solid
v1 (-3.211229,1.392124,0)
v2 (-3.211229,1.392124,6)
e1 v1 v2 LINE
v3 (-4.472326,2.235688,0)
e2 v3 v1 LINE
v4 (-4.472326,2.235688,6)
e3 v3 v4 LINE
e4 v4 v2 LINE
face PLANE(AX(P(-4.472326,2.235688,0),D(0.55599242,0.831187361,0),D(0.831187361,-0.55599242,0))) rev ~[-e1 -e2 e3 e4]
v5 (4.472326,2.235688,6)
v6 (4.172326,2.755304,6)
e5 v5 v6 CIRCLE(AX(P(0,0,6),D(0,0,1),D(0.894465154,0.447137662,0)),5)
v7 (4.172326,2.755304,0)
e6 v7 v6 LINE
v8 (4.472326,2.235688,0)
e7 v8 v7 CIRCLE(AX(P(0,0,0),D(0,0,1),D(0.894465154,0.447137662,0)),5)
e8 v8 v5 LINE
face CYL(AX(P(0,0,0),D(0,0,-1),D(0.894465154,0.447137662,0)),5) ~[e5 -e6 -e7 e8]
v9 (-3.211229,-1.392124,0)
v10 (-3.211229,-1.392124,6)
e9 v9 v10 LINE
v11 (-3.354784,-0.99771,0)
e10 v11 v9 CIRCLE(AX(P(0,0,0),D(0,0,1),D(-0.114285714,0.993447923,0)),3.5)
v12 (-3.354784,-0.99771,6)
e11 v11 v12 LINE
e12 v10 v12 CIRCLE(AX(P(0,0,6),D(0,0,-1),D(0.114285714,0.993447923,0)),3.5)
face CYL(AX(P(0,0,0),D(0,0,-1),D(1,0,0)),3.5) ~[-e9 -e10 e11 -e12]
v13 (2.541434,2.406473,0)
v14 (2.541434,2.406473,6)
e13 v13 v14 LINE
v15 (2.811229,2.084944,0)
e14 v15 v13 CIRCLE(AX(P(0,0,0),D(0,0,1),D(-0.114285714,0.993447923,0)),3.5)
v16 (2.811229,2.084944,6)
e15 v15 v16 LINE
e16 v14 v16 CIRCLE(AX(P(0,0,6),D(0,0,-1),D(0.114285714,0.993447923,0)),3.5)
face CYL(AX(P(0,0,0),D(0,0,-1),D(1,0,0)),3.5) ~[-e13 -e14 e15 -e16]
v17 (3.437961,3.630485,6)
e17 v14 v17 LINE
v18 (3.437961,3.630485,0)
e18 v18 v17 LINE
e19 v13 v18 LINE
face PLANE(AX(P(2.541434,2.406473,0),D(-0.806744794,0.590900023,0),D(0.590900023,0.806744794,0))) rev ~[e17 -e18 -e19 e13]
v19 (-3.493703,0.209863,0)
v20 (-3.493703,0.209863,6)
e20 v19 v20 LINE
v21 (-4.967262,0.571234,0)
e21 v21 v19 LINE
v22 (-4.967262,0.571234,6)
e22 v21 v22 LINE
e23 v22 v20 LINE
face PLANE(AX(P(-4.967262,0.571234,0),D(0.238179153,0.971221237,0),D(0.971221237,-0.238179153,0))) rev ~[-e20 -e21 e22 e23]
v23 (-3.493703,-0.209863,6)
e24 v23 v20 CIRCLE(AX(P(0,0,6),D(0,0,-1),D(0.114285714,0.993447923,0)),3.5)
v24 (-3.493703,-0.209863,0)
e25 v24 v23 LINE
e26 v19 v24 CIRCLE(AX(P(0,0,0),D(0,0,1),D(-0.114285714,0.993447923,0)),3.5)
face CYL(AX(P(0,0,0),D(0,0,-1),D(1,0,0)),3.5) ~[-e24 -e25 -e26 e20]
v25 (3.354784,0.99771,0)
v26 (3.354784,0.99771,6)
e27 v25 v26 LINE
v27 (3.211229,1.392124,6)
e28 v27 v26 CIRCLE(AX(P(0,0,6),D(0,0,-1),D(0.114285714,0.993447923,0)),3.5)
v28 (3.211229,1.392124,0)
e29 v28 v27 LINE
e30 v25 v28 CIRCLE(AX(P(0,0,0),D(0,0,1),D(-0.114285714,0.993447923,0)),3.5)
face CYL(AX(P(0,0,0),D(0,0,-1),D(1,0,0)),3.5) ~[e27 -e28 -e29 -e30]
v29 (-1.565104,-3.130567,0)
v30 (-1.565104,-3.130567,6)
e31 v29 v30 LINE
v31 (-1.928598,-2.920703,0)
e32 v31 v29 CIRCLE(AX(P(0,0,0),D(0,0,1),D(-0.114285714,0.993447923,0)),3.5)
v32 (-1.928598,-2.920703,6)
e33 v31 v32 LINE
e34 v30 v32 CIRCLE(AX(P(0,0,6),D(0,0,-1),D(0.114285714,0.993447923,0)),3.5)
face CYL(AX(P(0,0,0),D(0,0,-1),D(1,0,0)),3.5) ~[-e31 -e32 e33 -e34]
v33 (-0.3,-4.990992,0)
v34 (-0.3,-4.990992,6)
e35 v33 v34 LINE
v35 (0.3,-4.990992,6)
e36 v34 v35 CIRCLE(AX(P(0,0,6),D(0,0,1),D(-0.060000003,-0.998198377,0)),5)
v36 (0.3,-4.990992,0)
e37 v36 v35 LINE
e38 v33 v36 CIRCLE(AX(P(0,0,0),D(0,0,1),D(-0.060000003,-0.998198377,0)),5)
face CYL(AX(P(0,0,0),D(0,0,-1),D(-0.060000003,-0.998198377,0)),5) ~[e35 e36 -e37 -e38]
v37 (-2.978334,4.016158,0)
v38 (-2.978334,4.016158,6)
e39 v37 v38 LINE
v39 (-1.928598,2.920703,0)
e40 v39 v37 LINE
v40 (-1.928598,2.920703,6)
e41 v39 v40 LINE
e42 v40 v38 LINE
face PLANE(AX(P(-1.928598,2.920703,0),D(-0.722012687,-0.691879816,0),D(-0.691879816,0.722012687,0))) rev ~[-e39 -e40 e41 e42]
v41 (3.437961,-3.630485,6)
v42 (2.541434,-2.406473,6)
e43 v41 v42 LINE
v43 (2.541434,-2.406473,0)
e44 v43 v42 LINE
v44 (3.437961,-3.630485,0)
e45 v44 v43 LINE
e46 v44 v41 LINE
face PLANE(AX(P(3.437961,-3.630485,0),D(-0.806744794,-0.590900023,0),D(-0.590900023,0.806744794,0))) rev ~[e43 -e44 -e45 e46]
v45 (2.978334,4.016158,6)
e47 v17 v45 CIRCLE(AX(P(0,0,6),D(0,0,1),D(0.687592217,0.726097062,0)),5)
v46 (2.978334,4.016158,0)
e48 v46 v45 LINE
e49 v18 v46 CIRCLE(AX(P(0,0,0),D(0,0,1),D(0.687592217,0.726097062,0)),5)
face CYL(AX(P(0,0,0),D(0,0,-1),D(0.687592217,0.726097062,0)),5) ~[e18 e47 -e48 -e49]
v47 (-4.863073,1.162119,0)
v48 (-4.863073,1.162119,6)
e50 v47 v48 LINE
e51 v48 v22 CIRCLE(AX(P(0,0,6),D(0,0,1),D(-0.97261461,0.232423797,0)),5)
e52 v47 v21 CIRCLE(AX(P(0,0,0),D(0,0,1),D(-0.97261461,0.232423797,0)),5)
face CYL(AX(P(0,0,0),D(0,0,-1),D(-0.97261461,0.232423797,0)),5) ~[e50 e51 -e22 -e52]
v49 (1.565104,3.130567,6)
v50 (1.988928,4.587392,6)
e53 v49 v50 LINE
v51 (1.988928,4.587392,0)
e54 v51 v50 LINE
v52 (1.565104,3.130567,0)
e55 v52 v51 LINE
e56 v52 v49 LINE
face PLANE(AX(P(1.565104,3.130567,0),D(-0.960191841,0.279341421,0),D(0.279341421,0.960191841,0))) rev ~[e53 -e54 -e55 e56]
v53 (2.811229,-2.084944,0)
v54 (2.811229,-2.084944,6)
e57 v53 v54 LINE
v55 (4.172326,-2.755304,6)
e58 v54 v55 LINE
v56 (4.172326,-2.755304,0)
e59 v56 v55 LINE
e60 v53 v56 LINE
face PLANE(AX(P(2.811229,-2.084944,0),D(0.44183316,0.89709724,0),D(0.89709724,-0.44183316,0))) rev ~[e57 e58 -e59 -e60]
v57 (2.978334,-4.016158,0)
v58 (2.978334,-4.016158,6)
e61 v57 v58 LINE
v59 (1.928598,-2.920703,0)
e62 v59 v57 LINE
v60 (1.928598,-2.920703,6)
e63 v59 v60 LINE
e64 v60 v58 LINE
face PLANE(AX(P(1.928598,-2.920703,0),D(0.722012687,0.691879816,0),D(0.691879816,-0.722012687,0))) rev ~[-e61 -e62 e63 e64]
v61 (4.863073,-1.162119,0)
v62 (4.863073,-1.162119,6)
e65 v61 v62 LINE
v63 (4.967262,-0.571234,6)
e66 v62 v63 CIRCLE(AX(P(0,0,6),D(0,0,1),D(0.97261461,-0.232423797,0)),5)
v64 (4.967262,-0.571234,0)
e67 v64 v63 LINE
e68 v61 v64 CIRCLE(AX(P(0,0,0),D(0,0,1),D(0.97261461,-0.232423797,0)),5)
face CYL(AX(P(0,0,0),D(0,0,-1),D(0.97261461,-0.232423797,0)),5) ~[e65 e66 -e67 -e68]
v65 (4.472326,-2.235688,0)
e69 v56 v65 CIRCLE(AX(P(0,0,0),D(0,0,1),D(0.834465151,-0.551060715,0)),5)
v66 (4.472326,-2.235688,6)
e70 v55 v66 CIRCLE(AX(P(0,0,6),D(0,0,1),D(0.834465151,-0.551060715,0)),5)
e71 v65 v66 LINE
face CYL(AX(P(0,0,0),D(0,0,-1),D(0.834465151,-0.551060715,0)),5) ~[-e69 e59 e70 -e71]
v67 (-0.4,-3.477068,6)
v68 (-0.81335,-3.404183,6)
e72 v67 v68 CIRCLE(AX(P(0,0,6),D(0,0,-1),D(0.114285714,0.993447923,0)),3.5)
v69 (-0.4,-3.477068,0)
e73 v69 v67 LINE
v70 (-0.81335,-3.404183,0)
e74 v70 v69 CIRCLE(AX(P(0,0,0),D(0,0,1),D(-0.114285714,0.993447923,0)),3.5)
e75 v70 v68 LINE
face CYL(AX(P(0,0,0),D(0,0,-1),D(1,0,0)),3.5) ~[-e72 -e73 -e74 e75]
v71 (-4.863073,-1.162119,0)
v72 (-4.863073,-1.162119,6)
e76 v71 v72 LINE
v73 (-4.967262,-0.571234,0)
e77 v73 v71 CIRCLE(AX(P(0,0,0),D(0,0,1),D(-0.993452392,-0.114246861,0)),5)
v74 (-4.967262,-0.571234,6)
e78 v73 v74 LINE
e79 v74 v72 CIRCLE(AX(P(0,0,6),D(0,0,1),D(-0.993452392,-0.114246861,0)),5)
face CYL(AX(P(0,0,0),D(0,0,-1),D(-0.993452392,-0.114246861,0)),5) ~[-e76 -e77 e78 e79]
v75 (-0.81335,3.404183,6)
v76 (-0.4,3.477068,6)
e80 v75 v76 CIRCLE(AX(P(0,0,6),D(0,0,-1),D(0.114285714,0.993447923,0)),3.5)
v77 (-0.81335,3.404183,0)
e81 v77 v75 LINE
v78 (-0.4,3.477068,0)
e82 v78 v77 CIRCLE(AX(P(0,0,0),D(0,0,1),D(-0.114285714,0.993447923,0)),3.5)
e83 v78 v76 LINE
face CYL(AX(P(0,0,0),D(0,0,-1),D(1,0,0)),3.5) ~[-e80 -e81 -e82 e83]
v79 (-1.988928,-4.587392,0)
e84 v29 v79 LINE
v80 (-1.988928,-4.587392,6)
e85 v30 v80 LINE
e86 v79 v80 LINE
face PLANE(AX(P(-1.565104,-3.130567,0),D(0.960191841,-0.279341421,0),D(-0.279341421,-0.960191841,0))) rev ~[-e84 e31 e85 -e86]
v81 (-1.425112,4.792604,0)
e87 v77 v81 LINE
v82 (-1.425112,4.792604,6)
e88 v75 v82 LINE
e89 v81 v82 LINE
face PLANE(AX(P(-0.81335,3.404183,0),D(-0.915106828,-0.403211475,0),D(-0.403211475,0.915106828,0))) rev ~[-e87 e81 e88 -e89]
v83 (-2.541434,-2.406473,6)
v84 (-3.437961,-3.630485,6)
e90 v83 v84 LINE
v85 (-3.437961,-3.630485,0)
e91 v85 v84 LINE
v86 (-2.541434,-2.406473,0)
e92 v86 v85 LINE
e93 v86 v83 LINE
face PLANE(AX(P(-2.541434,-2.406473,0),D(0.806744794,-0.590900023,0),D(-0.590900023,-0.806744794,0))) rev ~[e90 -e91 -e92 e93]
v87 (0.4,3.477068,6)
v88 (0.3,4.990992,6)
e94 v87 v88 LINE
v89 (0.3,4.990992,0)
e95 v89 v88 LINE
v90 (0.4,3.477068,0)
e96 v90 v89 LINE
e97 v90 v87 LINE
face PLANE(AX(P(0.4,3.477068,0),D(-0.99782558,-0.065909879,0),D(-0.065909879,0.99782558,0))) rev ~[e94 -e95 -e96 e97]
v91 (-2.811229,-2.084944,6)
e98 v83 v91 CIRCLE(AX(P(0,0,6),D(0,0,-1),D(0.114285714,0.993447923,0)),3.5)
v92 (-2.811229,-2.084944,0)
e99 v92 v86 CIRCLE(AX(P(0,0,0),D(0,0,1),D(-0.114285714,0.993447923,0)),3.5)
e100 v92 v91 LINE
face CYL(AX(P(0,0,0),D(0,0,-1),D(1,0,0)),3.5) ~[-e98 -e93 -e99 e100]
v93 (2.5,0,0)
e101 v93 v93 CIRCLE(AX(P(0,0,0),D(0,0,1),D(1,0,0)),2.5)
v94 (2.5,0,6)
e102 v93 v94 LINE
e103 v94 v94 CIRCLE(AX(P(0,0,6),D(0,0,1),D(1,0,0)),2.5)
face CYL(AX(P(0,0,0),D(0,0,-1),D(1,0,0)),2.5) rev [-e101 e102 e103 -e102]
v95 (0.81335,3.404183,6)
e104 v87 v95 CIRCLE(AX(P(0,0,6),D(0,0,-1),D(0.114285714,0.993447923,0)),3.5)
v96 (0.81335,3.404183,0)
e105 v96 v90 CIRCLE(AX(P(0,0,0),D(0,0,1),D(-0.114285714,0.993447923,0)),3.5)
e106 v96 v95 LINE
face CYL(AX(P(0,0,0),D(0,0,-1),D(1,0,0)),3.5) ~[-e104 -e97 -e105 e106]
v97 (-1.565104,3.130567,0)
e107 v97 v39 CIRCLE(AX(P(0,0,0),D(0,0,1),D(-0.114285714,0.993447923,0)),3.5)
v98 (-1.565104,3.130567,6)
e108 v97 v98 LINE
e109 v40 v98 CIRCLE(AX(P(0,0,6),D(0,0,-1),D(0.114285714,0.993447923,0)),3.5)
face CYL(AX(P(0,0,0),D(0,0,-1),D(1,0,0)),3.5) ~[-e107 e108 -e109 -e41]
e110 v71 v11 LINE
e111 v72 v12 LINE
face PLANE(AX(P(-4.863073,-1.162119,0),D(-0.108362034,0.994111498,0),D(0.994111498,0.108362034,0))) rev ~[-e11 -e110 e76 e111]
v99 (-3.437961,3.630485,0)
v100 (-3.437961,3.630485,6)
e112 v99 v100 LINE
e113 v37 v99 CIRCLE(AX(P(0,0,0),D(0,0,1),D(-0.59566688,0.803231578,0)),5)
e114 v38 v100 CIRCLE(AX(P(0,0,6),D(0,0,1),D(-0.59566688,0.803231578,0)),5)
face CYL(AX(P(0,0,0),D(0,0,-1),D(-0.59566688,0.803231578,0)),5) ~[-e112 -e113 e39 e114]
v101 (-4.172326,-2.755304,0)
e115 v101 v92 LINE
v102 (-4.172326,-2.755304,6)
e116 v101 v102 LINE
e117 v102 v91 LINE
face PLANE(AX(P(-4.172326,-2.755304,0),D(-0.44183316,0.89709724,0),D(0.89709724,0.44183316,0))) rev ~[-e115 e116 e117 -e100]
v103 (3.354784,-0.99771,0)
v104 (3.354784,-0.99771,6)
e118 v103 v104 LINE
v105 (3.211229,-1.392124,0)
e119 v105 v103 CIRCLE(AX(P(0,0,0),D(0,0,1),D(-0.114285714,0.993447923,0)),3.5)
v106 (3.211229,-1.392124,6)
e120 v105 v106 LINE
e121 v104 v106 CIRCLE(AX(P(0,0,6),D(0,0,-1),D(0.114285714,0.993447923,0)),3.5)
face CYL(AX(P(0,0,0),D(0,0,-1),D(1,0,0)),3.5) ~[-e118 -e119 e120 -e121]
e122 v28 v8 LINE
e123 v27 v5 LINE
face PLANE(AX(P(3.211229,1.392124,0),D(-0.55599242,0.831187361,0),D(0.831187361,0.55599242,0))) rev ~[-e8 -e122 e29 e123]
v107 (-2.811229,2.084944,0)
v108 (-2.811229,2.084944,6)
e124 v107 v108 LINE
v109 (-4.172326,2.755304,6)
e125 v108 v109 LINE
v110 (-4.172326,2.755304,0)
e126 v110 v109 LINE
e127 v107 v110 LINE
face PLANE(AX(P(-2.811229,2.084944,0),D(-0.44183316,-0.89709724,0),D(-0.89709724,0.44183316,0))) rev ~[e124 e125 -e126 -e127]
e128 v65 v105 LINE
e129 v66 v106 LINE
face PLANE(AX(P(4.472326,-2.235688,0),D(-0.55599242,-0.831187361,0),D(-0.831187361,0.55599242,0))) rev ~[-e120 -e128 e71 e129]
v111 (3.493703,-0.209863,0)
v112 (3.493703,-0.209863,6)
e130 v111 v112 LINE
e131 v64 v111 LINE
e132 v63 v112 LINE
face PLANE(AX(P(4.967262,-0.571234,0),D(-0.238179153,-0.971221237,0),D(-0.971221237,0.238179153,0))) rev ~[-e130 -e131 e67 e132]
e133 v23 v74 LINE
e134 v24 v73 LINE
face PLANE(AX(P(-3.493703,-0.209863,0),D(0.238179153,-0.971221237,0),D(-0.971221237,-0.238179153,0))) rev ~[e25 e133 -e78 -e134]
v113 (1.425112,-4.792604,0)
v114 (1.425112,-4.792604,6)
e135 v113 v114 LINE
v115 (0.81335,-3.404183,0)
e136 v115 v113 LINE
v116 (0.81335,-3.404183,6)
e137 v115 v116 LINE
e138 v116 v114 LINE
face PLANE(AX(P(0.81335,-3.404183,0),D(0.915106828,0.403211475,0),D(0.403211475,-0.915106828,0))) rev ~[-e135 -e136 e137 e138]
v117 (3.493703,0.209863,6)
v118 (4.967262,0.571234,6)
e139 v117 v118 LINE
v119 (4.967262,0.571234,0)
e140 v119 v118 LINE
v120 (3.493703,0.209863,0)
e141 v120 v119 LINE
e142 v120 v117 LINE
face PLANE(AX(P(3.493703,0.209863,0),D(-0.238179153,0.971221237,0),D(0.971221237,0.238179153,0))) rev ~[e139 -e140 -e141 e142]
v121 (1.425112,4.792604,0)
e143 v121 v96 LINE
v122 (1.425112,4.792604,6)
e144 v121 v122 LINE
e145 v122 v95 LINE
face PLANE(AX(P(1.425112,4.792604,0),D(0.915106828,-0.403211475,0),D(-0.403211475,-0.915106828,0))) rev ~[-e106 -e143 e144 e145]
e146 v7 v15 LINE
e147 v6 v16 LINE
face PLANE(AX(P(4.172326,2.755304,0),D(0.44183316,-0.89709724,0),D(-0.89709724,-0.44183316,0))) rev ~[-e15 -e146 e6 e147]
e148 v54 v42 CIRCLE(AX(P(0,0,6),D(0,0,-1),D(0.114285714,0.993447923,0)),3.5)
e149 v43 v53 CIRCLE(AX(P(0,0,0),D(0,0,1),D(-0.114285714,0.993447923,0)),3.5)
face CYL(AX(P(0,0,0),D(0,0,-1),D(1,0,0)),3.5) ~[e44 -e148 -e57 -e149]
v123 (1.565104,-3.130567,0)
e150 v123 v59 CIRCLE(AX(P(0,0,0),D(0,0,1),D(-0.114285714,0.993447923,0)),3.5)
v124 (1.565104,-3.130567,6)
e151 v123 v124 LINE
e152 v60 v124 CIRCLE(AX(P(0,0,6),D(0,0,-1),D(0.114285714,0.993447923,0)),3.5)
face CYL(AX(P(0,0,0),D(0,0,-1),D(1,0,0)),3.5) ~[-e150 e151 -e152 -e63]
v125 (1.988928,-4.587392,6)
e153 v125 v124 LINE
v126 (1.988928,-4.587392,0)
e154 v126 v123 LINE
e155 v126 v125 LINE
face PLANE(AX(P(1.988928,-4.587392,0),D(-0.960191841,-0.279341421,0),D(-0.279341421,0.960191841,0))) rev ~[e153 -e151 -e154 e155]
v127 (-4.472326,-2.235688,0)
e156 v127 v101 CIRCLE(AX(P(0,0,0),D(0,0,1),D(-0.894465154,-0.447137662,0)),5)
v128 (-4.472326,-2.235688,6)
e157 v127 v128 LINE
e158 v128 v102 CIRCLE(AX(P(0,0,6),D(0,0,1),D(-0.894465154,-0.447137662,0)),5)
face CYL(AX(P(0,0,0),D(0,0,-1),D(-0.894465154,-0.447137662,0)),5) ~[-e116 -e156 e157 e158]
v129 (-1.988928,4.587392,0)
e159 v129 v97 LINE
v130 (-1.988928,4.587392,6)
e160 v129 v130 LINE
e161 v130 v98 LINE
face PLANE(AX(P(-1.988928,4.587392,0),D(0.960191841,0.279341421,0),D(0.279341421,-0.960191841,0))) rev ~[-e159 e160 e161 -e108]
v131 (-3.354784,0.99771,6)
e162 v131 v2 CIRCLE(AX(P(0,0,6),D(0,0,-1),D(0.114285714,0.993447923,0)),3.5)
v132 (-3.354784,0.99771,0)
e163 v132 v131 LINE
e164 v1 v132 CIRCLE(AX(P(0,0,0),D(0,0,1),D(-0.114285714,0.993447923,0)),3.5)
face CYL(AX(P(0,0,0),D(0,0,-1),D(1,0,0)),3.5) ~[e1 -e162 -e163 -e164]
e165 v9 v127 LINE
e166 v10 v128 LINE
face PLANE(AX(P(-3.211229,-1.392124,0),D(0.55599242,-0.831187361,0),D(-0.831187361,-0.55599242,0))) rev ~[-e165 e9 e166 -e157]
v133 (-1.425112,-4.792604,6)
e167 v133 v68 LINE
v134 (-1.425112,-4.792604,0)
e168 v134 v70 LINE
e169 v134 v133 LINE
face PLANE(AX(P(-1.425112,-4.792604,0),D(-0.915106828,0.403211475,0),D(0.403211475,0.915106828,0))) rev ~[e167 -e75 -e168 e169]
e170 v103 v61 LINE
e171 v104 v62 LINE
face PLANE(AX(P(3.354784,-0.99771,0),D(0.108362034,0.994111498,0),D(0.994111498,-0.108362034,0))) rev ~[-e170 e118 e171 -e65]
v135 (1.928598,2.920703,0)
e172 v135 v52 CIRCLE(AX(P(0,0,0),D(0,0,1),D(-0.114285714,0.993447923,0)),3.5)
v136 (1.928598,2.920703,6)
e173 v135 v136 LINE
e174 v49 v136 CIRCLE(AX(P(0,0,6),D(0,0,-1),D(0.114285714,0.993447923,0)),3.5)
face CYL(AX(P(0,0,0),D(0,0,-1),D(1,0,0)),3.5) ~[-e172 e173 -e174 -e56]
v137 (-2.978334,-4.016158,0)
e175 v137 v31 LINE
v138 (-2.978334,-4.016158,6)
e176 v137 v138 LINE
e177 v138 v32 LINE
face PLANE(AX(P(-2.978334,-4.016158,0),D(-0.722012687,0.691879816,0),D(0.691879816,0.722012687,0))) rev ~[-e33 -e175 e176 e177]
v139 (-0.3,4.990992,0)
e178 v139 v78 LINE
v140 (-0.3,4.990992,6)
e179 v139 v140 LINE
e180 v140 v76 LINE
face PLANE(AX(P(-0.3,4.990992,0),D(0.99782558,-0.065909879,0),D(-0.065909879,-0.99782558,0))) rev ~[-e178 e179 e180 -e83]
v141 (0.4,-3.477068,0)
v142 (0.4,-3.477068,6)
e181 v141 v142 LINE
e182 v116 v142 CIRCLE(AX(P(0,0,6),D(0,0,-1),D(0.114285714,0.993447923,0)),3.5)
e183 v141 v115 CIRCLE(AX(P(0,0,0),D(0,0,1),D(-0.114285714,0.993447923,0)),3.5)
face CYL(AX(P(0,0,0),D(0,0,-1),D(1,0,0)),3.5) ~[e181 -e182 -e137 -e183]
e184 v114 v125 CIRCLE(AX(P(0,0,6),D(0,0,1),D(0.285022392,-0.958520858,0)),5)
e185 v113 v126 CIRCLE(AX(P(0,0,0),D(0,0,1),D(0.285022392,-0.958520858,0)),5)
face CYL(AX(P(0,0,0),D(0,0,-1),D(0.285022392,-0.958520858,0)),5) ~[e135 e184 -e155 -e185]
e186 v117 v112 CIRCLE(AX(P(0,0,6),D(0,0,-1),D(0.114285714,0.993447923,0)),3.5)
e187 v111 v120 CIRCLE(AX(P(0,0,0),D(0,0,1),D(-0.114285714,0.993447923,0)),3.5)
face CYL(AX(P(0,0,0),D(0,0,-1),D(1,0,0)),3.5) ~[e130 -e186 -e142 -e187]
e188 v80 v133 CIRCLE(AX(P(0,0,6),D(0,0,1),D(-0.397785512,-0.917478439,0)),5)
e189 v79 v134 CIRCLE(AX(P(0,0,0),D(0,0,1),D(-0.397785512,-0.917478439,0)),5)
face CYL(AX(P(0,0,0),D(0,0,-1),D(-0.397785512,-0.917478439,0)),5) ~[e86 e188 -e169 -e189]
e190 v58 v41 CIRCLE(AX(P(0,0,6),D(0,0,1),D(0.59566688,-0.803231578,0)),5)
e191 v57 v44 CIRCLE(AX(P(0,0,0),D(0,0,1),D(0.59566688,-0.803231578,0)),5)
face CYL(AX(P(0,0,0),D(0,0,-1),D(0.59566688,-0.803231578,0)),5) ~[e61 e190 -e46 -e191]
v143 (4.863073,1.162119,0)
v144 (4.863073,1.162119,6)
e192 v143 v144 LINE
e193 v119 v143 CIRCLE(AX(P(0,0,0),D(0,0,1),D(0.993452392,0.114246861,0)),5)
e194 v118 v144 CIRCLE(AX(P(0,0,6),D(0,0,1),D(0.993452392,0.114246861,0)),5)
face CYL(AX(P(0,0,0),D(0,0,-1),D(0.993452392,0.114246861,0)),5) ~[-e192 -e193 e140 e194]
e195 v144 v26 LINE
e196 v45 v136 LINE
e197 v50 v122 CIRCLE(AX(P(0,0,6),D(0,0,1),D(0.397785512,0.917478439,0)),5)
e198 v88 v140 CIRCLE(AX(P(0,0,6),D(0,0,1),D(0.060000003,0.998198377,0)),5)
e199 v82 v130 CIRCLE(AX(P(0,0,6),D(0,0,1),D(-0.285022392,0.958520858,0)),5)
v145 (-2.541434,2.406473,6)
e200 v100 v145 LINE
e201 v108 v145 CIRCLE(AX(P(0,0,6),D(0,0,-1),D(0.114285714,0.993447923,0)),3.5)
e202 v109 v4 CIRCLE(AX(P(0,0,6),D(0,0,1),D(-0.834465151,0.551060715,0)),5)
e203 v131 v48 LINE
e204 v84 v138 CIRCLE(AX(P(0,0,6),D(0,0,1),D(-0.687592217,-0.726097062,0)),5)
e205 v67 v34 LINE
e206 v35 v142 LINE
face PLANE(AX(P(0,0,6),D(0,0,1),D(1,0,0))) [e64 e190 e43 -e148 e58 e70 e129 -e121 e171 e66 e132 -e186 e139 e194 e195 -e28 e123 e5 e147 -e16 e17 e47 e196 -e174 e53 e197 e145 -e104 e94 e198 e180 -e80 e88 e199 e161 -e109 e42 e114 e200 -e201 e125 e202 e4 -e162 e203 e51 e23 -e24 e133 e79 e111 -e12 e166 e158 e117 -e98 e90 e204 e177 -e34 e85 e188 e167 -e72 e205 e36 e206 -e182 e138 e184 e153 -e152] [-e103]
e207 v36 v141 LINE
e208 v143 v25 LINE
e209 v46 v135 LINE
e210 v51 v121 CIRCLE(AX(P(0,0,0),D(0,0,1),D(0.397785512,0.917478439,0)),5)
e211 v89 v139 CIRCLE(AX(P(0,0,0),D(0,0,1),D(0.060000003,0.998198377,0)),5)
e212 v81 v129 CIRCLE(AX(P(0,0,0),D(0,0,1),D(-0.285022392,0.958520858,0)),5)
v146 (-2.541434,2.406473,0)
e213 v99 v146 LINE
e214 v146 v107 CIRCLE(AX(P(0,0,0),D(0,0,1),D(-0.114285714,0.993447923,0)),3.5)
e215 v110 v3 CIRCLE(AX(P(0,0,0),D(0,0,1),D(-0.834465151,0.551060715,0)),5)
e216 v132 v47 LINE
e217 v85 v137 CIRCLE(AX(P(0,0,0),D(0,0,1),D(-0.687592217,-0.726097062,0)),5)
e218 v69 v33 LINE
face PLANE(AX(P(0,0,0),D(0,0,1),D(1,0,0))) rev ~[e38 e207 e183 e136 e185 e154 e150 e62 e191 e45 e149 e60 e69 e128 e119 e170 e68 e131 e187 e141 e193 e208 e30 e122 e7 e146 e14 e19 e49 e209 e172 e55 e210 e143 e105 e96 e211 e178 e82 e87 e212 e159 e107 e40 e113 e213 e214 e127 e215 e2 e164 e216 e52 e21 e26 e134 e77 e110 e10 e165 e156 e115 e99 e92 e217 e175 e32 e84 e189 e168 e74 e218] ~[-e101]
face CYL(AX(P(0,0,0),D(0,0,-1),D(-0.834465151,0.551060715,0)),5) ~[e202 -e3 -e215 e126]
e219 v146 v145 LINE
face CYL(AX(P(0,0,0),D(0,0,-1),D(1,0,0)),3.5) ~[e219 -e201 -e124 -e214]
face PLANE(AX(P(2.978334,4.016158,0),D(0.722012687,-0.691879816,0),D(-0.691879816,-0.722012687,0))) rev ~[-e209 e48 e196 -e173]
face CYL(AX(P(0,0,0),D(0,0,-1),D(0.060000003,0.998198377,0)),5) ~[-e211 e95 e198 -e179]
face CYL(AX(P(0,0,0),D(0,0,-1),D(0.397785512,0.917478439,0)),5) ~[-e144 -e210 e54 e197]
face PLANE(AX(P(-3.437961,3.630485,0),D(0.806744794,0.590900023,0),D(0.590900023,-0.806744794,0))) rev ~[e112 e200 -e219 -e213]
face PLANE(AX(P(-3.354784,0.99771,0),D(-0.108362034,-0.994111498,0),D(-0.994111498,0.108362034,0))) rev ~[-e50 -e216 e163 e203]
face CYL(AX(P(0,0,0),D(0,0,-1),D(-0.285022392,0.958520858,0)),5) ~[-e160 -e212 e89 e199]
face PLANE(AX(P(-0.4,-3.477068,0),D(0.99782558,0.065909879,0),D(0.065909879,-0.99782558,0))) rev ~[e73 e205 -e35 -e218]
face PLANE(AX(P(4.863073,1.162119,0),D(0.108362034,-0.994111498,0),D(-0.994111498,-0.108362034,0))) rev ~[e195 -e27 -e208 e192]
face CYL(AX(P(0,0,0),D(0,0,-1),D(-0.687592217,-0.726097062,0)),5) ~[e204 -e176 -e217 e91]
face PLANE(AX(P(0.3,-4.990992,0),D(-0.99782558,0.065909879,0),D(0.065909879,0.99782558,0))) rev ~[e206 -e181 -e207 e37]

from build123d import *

# Parameters (mm, degrees)
ESBO_O1_R                = 3.5
ESBO_O1_R_2              = 2.5
RESSALTO_EXTRUS_O1_DEPTH = 6
RESSALTO_EXTRUS_O2_DEPTH = 6
PADR_OCIRCULAR1_COUNT    = 18


with BuildPart() as part:
    # Esboço1 → Ressalto-extrusão1 (new body)
    with BuildSketch(Plane.XY):
        Circle(ESBO_O1_R)
        Circle(ESBO_O1_R_2, mode=Mode.SUBTRACT)
    extrude(amount=RESSALTO_EXTRUS_O1_DEPTH)

    # Esboço1<3> → Ressalto-extrusão2 (add)
    with BuildSketch(Plane.XY):
        with BuildLine():
            ThreePointArc((0.3, 4.990991885), (0, 5), (-0.3, 4.990991885))
            Line((-0.3, 4.990991885), (-0.4, 3.47706773))
            ThreePointArc((-0.4, 3.47706773), (0, 3.5), (0.4, 3.47706773))
            Line((0.4, 3.47706773), (0.3, 4.990991885))
        make_face()
    ressalto_extrus_o2 = extrude(amount=RESSALTO_EXTRUS_O2_DEPTH)

    # PadrãoCircular1: Ressalto-extrusão2 ×18 about axis
    padr_ocircular1_axis = Axis((0, 0, 0), (0, 0, 1))
    for i in range(1, PADR_OCIRCULAR1_COUNT):
        add(ressalto_extrus_o2.rotate(padr_ocircular1_axis, i * 360 / PADR_OCIRCULAR1_COUNT))


solid = part.part
